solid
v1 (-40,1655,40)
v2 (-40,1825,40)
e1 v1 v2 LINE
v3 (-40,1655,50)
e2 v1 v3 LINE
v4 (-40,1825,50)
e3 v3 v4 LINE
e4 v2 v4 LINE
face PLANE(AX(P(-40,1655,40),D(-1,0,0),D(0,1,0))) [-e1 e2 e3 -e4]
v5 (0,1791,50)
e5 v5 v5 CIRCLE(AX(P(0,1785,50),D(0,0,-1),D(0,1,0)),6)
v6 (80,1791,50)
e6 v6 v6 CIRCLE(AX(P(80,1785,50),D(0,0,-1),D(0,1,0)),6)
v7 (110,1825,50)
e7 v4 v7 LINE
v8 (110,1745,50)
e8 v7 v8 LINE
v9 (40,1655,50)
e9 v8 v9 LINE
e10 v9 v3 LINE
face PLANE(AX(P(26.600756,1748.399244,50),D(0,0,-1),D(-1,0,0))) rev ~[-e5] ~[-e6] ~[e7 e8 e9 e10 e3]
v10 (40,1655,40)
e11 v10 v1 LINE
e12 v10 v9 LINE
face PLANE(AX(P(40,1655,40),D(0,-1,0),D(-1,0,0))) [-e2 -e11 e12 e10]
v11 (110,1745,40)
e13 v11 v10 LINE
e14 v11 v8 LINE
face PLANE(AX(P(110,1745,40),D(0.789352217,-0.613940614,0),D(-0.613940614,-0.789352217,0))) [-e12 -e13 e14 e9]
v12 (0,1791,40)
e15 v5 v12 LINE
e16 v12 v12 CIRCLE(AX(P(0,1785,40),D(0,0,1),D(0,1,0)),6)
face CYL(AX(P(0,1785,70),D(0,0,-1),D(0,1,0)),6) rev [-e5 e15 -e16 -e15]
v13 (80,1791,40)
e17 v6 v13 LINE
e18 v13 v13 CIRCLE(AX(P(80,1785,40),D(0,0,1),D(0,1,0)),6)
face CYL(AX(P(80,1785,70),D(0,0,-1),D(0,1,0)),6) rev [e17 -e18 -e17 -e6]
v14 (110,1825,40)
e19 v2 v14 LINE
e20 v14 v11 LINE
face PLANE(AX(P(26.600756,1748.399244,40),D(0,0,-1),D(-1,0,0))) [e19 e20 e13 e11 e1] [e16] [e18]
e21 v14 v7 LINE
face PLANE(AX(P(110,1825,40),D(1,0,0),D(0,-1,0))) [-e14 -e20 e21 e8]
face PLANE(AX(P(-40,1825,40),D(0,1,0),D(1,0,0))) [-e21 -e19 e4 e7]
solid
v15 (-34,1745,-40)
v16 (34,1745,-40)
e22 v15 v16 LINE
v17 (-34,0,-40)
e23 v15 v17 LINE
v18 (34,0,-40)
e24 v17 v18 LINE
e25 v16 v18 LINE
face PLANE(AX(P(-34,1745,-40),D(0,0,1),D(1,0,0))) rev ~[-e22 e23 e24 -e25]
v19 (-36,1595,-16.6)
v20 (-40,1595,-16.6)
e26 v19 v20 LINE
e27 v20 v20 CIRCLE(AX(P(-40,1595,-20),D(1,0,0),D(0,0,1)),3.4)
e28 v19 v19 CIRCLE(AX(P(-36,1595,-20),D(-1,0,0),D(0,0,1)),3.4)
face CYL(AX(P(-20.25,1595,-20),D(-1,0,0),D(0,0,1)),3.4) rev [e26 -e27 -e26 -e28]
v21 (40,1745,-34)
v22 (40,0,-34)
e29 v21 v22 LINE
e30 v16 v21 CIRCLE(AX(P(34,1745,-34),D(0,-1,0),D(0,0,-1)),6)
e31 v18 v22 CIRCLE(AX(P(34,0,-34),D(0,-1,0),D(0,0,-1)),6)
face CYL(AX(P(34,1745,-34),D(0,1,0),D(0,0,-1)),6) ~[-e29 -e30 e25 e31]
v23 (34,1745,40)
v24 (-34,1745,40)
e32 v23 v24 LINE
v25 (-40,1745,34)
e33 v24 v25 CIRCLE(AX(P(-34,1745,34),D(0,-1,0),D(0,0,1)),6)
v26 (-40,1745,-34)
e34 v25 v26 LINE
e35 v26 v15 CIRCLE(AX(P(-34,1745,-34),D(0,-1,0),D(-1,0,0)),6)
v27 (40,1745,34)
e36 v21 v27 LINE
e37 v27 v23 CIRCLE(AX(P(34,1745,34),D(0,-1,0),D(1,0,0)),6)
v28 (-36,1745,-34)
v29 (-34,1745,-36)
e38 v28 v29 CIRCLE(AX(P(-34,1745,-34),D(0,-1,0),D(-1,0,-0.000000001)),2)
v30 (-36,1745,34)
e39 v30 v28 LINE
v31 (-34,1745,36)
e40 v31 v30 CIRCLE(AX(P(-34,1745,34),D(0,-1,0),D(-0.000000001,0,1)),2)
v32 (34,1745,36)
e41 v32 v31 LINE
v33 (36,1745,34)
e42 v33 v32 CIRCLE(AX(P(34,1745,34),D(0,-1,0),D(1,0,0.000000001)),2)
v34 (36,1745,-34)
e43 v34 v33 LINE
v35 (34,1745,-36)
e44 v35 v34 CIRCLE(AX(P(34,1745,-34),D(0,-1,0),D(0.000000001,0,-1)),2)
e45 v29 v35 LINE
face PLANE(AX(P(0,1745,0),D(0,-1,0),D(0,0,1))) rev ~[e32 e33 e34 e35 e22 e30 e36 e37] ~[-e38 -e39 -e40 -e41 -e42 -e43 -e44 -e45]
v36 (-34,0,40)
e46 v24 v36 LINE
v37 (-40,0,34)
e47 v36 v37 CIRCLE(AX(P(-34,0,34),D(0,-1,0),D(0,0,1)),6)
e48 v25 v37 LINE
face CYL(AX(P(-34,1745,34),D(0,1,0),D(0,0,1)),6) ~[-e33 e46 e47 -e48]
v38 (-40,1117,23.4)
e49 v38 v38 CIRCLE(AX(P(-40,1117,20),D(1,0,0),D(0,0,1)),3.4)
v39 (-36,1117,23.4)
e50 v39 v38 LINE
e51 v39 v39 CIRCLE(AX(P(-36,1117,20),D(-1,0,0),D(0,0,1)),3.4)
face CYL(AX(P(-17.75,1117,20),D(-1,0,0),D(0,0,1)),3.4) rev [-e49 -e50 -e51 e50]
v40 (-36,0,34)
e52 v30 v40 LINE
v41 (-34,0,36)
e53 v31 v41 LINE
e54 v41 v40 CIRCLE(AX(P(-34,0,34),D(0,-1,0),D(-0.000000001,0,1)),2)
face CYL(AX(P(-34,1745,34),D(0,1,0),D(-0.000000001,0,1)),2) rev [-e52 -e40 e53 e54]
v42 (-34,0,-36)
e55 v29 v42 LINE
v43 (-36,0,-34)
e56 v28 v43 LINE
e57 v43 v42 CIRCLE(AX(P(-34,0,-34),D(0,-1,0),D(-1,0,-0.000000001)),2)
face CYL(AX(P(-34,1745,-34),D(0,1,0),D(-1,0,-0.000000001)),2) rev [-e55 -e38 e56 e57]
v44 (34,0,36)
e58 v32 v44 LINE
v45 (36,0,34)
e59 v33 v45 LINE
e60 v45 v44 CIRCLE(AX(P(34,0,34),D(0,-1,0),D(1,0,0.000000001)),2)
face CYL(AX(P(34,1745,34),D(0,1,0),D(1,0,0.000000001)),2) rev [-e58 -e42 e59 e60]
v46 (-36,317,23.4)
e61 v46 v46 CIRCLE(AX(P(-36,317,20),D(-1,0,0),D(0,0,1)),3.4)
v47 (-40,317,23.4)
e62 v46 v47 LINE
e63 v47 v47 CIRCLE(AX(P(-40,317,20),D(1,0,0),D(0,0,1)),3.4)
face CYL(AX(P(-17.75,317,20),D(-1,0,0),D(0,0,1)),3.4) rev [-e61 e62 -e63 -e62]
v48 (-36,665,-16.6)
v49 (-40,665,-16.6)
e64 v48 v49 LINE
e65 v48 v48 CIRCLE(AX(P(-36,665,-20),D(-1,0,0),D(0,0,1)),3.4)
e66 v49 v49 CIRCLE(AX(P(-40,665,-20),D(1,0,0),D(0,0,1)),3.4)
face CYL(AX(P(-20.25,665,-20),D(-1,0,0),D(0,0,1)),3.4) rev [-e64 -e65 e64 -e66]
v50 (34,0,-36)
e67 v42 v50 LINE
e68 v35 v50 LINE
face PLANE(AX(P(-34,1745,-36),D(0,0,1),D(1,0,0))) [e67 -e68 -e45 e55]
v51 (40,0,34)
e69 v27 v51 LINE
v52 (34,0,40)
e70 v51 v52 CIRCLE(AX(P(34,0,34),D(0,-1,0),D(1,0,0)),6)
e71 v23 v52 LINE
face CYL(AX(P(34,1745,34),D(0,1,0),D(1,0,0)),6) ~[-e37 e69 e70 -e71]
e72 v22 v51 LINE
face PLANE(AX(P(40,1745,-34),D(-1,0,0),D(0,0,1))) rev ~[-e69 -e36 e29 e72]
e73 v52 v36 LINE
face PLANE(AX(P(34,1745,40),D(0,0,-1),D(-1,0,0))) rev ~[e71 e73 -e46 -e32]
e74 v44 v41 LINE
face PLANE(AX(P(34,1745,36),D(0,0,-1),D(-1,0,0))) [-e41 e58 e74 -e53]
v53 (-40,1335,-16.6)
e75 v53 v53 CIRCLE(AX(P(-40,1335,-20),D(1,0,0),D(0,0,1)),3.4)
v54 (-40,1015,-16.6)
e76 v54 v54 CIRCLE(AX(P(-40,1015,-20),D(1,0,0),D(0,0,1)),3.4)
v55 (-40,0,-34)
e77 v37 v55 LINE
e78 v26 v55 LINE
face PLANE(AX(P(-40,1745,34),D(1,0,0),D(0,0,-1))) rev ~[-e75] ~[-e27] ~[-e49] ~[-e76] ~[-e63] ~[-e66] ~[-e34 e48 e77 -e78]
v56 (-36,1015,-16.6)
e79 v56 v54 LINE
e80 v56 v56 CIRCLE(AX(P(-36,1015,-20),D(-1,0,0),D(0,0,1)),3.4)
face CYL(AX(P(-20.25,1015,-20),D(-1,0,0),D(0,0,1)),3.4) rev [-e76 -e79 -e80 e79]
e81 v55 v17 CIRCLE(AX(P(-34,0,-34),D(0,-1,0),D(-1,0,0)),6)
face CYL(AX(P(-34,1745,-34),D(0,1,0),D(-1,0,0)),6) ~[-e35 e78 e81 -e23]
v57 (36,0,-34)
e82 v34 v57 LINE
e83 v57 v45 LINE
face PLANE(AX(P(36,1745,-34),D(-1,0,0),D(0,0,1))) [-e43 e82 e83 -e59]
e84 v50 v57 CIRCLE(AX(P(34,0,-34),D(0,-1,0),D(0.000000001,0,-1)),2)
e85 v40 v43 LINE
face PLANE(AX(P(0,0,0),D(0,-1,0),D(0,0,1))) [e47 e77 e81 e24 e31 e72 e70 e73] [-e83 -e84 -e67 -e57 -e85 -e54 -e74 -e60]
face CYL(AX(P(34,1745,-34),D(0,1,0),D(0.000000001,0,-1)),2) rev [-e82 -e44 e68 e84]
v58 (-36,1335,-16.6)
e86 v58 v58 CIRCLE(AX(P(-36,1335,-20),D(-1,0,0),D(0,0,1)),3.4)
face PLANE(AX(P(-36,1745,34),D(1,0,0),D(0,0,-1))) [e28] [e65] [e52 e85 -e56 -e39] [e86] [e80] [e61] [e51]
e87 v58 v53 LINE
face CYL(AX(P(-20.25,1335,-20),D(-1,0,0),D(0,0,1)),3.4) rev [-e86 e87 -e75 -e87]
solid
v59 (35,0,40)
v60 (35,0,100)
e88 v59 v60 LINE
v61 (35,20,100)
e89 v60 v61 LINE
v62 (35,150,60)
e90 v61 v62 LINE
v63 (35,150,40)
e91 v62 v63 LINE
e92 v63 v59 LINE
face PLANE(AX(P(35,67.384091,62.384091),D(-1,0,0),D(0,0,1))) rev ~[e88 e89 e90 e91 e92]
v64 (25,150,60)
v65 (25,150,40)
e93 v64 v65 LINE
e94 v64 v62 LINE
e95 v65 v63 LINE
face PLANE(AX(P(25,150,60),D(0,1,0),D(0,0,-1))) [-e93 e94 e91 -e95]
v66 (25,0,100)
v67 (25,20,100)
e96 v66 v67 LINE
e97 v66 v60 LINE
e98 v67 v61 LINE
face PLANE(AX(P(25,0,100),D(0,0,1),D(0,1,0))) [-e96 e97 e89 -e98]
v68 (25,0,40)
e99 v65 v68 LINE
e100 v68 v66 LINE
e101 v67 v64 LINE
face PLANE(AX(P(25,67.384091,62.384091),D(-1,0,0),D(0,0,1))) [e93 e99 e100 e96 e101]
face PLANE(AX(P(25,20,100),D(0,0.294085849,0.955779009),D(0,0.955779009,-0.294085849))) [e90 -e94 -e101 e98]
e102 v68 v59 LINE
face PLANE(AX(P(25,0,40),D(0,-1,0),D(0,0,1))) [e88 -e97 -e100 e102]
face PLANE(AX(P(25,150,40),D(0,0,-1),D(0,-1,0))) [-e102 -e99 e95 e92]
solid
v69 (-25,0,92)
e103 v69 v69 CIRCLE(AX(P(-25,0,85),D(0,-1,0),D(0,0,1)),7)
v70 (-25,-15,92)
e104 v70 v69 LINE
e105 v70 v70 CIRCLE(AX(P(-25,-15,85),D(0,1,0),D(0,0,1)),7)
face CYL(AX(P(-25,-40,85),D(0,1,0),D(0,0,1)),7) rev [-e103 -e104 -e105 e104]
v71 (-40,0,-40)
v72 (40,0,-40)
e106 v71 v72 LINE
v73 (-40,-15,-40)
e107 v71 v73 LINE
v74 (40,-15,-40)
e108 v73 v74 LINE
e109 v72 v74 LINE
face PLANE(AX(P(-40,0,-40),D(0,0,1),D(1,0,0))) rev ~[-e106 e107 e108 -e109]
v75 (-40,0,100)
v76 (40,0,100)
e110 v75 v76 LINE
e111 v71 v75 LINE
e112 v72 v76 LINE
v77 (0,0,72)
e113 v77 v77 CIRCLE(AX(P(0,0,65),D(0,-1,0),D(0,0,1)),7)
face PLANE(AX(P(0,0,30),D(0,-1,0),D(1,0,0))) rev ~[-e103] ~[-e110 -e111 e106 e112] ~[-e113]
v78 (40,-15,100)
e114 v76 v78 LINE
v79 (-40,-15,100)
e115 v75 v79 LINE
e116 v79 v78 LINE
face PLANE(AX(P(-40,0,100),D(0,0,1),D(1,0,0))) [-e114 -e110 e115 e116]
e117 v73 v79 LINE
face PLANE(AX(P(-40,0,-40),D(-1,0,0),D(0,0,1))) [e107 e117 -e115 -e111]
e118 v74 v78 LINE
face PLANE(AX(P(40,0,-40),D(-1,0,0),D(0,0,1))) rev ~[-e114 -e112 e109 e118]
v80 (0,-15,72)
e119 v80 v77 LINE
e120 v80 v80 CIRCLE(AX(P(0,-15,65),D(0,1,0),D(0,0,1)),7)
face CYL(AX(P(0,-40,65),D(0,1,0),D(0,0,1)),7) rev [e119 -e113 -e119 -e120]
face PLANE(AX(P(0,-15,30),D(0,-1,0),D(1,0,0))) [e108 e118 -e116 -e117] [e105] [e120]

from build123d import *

# Parameters (mm, degrees)
MEMBER_1_DEPTH                   = 1745
SKETCH_4_W                       = 80
SKETCH_4_H                       = 140
EXTRUDE_1_DEPTH                  = 15
HOLE_WIZARD_14_0_14_1_AT_2_COUNT = 2
HOLE_WIZARD_14_0_14_1_AT_2_PITCH = 32.015621187
EXTRUDE_2_DEPTH                  = 10
EXTRUDE_3_DEPTH                  = 10
HOLE_WIZARD_M10_1_AT_2_COUNT     = 2
HOLE_WIZARD_M10_1_AT_2_PITCH     = 80
HOLE_WIZARD_M8_2_AT_2_COUNT      = 2
HOLE_WIZARD_M8_2_AT_2_PITCH      = 670
HOLE_WIZARD_M8_2_AT_3_COUNT      = 2
HOLE_WIZARD_M8_2_AT_3_PITCH      = 350
HOLE_WIZARD_M8_2_AT_4_COUNT      = 2
HOLE_WIZARD_M8_2_AT_4_PITCH      = 930
HOLE_WIZARD_M8_7_AT_2_COUNT      = 2
HOLE_WIZARD_M8_7_AT_2_PITCH      = 800


with BuildPart() as part:
    # Sketch11 → Member 1 (new body)
    with BuildSketch(Plane(origin=(0, 1745, 0), x_dir=(0, 0, 1), z_dir=(0, -1, 0))):
        with BuildLine():
            Line((-34, -40), (34, -40))
            ThreePointArc((34, -40), (38.242640687, -38.242640687), (40, -34))
            Line((40, -34), (40, 34))
            ThreePointArc((40, 34), (38.242640687, 38.242640687), (34, 40))
            Line((34, 40), (-34, 40))
            ThreePointArc((-34, 40), (-38.242640687, 38.242640687), (-40, 34))
            Line((-40, 34), (-40, -34))
            ThreePointArc((-40, -34), (-38.242640687, -38.242640687), (-34, -40))
        make_face()
        with BuildLine():
            Line((-34, -36), (34, -36))
            ThreePointArc((34, -36), (35.414213562, -35.414213562), (36, -34))
            Line((36, -34), (36, 34))
            ThreePointArc((36, 34), (35.414213562, 35.414213562), (34, 36))
            Line((34, 36), (-34, 36))
            ThreePointArc((-34, 36), (-35.414213562, 35.414213562), (-36, 34))
            Line((-36, 34), (-36, -34))
            ThreePointArc((-36, -34), (-35.414213562, -35.414213562), (-34, -36))
        make_face(mode=Mode.SUBTRACT)
    extrude(amount=MEMBER_1_DEPTH)

    # 草图33 → M8 螺纹孔2 (revolve, cut)
    with BuildSketch(Plane(origin=(-40, 665, -20), x_dir=(0, 0, 1), z_dir=(0, 1, 0))):
        Polygon((0, 0), (0, 21.792926105), (3.4, 19.75), (3.4, 0), align=None)
    hole_wizard_m8_2 = revolve(axis=Axis((-46.35, 665, -20), (1, 0, 0)), mode=Mode.SUBTRACT)

    # M8 螺纹孔2 at 2: M8 螺纹孔2 ×2
    with Locations(*[(0, i * HOLE_WIZARD_M8_2_AT_2_PITCH, 0) for i in range(1, HOLE_WIZARD_M8_2_AT_2_COUNT)]):
        add(hole_wizard_m8_2, mode=Mode.SUBTRACT)

    # M8 螺纹孔2 at 3: M8 螺纹孔2 ×2
    with Locations(*[(0, i * HOLE_WIZARD_M8_2_AT_3_PITCH, 0) for i in range(1, HOLE_WIZARD_M8_2_AT_3_COUNT)]):
        add(hole_wizard_m8_2, mode=Mode.SUBTRACT)

    # M8 螺纹孔2 at 4: M8 螺纹孔2 ×2
    with Locations(*[(0, i * HOLE_WIZARD_M8_2_AT_4_PITCH, 0) for i in range(1, HOLE_WIZARD_M8_2_AT_4_COUNT)]):
        add(hole_wizard_m8_2, mode=Mode.SUBTRACT)

    # 草图43 → M8 螺纹孔7 (revolve, cut)
    with BuildSketch(Plane(origin=(-40, 1117, 20.000000001), x_dir=(0, 0, 1), z_dir=(0, 1, 0))):
        Polygon((0, 0), (0, 24.292926105), (3.4, 22.25), (3.4, 0), align=None)
    hole_wizard_m8_7 = revolve(axis=Axis((-46.35, 1117, 20.000000001), (1, 0, 0)), mode=Mode.SUBTRACT)

    # M8 螺纹孔7 at 2: M8 螺纹孔7 ×2
    with Locations(*[(0, -i * HOLE_WIZARD_M8_7_AT_2_PITCH, 0) for i in range(1, HOLE_WIZARD_M8_7_AT_2_COUNT)]):
        add(hole_wizard_m8_7, mode=Mode.SUBTRACT)


with BuildPart() as body_2:
    # 草图4 → 凸台-拉伸1 (new body)
    with BuildSketch(Plane.XZ):
        with Locations((0, 30)):
            Rectangle(SKETCH_4_W, SKETCH_4_H)
    extrude(amount=EXTRUDE_1_DEPTH)

    # 草图12 → Ø14.0 (14) 直径孔1 (revolve, cut)
    with BuildSketch(Plane(origin=(-25, 0, 85), x_dir=(0, 0, 1), z_dir=(1, 0, 0))):
        Polygon((0, 0), (0, 44.206024333), (7, 40), (7, 0), align=None)
    hole_wizard_14_0_14_1 = revolve(axis=Axis((-25, 6.35, 85), (0, -1, 0)), mode=Mode.SUBTRACT)

    # Ø14.0 (14) 直径孔1 at 2: Ø14.0 (14) 直径孔1 ×2
    with Locations(*[Vector(0.7808688094430305, 0, -0.6246950475544242) * (i * HOLE_WIZARD_14_0_14_1_AT_2_PITCH) for i in range(1, HOLE_WIZARD_14_0_14_1_AT_2_COUNT)]):
        add(hole_wizard_14_0_14_1, mode=Mode.SUBTRACT)


with BuildPart() as body_3:
    # 草图11 → 凸台-拉伸2 (new body)
    with BuildSketch(Plane(origin=(25, 0, 0), x_dir=(0, 0, -1), z_dir=(1, 0, 0))):
        Polygon((-100, 20), (-60, 150), (-40, 150), (-40, 0), (-100, 0), align=None)
    extrude(amount=EXTRUDE_2_DEPTH)


with BuildPart() as body_4:
    # 草图22 → 凸台-拉伸3 (new body)
    with BuildSketch(Plane.XY.offset(40)):
        Polygon((-40, 1655), (-40, 1825), (110, 1825), (110, 1745), (40, 1655), align=None)
    extrude(amount=EXTRUDE_3_DEPTH)

    # 草图29 → M10 间隙孔1 (revolve, cut)
    with BuildSketch(Plane(origin=(80, 1785, 40), x_dir=(0, 1, 0), z_dir=(1, 0, 0))):
        Polygon((0, 0), (0, 33.605163714), (6, 30), (6, 0), align=None)
    hole_wizard_m10_1 = revolve(axis=Axis((80, 1785, 33.65), (0, 0, 1)), mode=Mode.SUBTRACT)

    # M10 间隙孔1 at 2: M10 间隙孔1 ×2
    with Locations(*[(-i * HOLE_WIZARD_M10_1_AT_2_PITCH, 0, 0) for i in range(1, HOLE_WIZARD_M10_1_AT_2_COUNT)]):
        add(hole_wizard_m10_1, mode=Mode.SUBTRACT)


solid = Compound([part.part, body_2.part, body_3.part, body_4.part])
